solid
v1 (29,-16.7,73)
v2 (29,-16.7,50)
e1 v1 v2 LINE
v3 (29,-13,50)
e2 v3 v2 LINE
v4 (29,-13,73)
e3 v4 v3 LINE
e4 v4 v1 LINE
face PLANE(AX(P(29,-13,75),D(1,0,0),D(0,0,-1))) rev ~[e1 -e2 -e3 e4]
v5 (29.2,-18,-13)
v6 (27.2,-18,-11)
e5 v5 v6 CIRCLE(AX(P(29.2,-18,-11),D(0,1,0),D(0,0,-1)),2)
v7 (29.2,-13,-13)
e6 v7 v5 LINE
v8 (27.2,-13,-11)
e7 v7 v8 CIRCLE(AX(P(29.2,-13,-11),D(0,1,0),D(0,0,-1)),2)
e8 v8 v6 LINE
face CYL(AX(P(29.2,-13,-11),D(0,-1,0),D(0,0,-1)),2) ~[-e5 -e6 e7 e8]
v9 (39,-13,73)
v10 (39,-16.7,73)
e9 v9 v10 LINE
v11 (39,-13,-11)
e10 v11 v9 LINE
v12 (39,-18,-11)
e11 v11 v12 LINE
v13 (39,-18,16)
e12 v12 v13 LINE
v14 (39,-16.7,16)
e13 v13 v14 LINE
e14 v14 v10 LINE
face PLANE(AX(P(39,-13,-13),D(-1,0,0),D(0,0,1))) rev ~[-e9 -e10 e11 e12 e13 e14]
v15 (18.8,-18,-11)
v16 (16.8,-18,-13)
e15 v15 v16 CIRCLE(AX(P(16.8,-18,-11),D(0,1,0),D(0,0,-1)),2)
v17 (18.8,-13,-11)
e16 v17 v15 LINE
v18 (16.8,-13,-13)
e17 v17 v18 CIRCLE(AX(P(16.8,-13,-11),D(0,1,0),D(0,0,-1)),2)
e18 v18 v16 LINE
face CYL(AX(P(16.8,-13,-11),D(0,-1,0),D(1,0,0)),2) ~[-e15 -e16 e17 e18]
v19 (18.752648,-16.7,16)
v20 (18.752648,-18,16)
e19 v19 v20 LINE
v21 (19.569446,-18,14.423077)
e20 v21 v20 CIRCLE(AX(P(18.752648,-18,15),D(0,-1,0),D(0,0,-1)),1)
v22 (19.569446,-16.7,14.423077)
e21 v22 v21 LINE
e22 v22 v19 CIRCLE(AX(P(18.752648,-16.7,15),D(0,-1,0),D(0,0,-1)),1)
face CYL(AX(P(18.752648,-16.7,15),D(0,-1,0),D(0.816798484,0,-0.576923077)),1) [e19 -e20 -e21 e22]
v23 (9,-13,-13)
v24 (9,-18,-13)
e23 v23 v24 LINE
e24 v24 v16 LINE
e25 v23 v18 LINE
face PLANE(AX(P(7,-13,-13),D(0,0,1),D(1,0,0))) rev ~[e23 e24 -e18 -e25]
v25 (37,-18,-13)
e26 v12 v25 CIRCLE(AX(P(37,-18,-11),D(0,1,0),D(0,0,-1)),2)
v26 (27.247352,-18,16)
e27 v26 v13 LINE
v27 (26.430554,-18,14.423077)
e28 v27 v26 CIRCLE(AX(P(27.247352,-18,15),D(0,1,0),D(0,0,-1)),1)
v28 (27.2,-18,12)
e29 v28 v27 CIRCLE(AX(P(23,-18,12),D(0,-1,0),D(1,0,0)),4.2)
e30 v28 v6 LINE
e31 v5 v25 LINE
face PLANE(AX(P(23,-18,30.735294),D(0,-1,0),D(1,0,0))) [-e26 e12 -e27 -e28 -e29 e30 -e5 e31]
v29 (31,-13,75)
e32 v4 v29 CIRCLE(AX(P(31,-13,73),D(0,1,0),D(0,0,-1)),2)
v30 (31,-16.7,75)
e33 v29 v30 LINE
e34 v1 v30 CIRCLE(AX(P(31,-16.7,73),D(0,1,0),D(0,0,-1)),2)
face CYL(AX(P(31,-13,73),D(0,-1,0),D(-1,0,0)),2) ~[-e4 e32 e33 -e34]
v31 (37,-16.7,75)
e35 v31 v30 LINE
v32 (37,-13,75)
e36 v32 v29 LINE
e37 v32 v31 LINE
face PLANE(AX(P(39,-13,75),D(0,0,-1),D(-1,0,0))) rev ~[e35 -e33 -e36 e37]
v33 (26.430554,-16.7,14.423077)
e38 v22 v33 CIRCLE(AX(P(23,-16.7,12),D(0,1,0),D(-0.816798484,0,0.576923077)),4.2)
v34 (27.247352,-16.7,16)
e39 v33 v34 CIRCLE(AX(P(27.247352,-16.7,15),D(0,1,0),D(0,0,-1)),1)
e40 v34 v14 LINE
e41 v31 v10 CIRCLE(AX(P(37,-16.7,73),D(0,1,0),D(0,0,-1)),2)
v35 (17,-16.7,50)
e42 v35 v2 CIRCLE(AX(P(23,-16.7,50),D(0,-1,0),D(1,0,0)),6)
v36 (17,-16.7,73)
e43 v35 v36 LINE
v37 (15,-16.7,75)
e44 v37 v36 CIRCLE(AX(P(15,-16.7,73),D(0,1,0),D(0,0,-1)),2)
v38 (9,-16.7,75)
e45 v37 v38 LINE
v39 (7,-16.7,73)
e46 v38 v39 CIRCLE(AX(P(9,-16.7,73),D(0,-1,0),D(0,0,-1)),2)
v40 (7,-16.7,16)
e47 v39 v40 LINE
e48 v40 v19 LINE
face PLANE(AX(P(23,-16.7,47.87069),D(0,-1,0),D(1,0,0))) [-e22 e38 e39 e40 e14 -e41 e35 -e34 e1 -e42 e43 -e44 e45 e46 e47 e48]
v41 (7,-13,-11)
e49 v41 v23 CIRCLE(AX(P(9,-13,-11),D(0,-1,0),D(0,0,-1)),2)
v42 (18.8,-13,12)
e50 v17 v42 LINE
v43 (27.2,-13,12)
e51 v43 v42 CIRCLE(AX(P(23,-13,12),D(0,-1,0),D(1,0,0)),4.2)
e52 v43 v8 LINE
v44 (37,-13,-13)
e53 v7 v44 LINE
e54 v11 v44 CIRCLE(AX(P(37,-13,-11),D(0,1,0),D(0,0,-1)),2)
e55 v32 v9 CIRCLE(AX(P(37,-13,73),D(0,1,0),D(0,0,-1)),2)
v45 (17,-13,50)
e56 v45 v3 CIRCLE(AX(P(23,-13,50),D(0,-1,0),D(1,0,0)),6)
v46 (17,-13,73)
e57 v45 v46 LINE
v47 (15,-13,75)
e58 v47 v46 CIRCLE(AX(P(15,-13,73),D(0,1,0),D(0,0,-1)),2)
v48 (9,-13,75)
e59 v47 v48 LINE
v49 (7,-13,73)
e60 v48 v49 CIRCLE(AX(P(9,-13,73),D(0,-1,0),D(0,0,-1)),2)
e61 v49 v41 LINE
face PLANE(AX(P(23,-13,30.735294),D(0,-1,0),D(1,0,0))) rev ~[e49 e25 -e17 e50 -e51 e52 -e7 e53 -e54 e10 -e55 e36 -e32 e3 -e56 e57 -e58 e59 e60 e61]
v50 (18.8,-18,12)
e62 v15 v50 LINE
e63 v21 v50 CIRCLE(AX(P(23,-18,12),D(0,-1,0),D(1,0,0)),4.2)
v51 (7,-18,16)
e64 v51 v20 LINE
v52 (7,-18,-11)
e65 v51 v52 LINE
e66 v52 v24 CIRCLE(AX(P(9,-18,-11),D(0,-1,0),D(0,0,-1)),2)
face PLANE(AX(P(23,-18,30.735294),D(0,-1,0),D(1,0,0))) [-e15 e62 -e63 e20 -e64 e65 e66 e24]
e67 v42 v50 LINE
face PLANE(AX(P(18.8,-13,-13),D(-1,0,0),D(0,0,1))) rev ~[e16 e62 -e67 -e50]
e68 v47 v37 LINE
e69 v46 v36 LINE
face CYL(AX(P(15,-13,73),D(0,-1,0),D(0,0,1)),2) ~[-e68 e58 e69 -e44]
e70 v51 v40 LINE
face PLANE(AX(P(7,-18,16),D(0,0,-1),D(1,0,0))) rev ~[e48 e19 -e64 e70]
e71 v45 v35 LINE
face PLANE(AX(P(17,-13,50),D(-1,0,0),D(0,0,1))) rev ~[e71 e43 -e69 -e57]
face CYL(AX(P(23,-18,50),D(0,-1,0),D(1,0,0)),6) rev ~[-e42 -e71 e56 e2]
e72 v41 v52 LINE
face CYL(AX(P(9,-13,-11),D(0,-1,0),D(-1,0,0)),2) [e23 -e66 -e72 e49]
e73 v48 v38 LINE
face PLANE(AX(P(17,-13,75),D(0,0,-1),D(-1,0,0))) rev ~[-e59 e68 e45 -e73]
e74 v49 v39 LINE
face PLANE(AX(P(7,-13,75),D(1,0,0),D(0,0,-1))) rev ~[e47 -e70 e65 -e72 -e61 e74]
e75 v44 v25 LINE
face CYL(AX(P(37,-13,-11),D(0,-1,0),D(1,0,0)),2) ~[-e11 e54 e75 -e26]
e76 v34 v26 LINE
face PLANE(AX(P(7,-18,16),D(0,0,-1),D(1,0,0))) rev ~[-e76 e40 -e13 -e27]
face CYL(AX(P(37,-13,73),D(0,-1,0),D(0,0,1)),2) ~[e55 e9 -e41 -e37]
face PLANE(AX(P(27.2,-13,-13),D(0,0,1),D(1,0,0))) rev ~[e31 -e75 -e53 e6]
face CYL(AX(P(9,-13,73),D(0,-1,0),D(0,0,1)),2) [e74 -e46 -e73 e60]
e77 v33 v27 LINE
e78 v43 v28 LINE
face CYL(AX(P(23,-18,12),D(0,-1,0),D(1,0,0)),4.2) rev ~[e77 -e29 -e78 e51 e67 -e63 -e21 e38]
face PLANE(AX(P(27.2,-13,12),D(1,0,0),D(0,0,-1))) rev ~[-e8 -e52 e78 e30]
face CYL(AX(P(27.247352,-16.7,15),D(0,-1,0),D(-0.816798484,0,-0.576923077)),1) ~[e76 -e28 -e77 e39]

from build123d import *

# Parameters (mm, degrees)
F2_DEPTH = 5
F5_DEPTH = 1.3
F7_R     = 6
F7_R_2   = 4.2
F8_DEPTH = 5.001
F9_R     = 2
F10_R    = 1


with BuildPart() as f2:
    # F1 (on offset) → F2 (new body)
    with BuildSketch(Plane.XZ.offset(13)):
        Polygon((17, 75), (7, 75), (7, -13), (18.8, -13), (18.8, 12), (27.2, 12), (27.2, -13), (39, -13), (39, 75), (29, 75), (29, 50), (17, 50), align=None)
    extrude(amount=F2_DEPTH)

    # F4 (on offset) → F5 (cut)
    with BuildSketch(Plane.XZ.offset(18)):
        Polygon((7, 16), (39, 16), (39, 75), (29, 75), (29, 50), (17, 50), (17, 75), (7, 75), align=None)
    extrude(amount=-F5_DEPTH, mode=Mode.SUBTRACT)

    # F7 (on offset) → F8 (cut, through all)
    with BuildSketch(Plane.XZ.offset(18)):
        with Locations((23, 50)):
            Circle(F7_R)
        with Locations((23, 12)):
            Circle(F7_R_2)
    extrude(amount=-F8_DEPTH, mode=Mode.SUBTRACT)

    # F9
    f9_edges = [f2.edges().sort_by_distance(p)[0] for p in [
        (7, -14.85, 75),
        (17, -14.85, 75),
        (29, -14.85, 75),
        (39, -14.85, 75),
        (7, -15.5, -13),
        (18.8, -15.5, -13),
        (27.2, -15.5, -13),
        (39, -15.5, -13),
    ]]
    fillet(f9_edges, radius=F9_R)

    # F10
    f10_edges = [f2.edges().sort_by_distance(p)[0] for p in [
        (21.719375, -17.35, 16),
        (24.280625, -17.35, 16),
    ]]
    fillet(f10_edges, radius=F10_R)


solid = f2.part
